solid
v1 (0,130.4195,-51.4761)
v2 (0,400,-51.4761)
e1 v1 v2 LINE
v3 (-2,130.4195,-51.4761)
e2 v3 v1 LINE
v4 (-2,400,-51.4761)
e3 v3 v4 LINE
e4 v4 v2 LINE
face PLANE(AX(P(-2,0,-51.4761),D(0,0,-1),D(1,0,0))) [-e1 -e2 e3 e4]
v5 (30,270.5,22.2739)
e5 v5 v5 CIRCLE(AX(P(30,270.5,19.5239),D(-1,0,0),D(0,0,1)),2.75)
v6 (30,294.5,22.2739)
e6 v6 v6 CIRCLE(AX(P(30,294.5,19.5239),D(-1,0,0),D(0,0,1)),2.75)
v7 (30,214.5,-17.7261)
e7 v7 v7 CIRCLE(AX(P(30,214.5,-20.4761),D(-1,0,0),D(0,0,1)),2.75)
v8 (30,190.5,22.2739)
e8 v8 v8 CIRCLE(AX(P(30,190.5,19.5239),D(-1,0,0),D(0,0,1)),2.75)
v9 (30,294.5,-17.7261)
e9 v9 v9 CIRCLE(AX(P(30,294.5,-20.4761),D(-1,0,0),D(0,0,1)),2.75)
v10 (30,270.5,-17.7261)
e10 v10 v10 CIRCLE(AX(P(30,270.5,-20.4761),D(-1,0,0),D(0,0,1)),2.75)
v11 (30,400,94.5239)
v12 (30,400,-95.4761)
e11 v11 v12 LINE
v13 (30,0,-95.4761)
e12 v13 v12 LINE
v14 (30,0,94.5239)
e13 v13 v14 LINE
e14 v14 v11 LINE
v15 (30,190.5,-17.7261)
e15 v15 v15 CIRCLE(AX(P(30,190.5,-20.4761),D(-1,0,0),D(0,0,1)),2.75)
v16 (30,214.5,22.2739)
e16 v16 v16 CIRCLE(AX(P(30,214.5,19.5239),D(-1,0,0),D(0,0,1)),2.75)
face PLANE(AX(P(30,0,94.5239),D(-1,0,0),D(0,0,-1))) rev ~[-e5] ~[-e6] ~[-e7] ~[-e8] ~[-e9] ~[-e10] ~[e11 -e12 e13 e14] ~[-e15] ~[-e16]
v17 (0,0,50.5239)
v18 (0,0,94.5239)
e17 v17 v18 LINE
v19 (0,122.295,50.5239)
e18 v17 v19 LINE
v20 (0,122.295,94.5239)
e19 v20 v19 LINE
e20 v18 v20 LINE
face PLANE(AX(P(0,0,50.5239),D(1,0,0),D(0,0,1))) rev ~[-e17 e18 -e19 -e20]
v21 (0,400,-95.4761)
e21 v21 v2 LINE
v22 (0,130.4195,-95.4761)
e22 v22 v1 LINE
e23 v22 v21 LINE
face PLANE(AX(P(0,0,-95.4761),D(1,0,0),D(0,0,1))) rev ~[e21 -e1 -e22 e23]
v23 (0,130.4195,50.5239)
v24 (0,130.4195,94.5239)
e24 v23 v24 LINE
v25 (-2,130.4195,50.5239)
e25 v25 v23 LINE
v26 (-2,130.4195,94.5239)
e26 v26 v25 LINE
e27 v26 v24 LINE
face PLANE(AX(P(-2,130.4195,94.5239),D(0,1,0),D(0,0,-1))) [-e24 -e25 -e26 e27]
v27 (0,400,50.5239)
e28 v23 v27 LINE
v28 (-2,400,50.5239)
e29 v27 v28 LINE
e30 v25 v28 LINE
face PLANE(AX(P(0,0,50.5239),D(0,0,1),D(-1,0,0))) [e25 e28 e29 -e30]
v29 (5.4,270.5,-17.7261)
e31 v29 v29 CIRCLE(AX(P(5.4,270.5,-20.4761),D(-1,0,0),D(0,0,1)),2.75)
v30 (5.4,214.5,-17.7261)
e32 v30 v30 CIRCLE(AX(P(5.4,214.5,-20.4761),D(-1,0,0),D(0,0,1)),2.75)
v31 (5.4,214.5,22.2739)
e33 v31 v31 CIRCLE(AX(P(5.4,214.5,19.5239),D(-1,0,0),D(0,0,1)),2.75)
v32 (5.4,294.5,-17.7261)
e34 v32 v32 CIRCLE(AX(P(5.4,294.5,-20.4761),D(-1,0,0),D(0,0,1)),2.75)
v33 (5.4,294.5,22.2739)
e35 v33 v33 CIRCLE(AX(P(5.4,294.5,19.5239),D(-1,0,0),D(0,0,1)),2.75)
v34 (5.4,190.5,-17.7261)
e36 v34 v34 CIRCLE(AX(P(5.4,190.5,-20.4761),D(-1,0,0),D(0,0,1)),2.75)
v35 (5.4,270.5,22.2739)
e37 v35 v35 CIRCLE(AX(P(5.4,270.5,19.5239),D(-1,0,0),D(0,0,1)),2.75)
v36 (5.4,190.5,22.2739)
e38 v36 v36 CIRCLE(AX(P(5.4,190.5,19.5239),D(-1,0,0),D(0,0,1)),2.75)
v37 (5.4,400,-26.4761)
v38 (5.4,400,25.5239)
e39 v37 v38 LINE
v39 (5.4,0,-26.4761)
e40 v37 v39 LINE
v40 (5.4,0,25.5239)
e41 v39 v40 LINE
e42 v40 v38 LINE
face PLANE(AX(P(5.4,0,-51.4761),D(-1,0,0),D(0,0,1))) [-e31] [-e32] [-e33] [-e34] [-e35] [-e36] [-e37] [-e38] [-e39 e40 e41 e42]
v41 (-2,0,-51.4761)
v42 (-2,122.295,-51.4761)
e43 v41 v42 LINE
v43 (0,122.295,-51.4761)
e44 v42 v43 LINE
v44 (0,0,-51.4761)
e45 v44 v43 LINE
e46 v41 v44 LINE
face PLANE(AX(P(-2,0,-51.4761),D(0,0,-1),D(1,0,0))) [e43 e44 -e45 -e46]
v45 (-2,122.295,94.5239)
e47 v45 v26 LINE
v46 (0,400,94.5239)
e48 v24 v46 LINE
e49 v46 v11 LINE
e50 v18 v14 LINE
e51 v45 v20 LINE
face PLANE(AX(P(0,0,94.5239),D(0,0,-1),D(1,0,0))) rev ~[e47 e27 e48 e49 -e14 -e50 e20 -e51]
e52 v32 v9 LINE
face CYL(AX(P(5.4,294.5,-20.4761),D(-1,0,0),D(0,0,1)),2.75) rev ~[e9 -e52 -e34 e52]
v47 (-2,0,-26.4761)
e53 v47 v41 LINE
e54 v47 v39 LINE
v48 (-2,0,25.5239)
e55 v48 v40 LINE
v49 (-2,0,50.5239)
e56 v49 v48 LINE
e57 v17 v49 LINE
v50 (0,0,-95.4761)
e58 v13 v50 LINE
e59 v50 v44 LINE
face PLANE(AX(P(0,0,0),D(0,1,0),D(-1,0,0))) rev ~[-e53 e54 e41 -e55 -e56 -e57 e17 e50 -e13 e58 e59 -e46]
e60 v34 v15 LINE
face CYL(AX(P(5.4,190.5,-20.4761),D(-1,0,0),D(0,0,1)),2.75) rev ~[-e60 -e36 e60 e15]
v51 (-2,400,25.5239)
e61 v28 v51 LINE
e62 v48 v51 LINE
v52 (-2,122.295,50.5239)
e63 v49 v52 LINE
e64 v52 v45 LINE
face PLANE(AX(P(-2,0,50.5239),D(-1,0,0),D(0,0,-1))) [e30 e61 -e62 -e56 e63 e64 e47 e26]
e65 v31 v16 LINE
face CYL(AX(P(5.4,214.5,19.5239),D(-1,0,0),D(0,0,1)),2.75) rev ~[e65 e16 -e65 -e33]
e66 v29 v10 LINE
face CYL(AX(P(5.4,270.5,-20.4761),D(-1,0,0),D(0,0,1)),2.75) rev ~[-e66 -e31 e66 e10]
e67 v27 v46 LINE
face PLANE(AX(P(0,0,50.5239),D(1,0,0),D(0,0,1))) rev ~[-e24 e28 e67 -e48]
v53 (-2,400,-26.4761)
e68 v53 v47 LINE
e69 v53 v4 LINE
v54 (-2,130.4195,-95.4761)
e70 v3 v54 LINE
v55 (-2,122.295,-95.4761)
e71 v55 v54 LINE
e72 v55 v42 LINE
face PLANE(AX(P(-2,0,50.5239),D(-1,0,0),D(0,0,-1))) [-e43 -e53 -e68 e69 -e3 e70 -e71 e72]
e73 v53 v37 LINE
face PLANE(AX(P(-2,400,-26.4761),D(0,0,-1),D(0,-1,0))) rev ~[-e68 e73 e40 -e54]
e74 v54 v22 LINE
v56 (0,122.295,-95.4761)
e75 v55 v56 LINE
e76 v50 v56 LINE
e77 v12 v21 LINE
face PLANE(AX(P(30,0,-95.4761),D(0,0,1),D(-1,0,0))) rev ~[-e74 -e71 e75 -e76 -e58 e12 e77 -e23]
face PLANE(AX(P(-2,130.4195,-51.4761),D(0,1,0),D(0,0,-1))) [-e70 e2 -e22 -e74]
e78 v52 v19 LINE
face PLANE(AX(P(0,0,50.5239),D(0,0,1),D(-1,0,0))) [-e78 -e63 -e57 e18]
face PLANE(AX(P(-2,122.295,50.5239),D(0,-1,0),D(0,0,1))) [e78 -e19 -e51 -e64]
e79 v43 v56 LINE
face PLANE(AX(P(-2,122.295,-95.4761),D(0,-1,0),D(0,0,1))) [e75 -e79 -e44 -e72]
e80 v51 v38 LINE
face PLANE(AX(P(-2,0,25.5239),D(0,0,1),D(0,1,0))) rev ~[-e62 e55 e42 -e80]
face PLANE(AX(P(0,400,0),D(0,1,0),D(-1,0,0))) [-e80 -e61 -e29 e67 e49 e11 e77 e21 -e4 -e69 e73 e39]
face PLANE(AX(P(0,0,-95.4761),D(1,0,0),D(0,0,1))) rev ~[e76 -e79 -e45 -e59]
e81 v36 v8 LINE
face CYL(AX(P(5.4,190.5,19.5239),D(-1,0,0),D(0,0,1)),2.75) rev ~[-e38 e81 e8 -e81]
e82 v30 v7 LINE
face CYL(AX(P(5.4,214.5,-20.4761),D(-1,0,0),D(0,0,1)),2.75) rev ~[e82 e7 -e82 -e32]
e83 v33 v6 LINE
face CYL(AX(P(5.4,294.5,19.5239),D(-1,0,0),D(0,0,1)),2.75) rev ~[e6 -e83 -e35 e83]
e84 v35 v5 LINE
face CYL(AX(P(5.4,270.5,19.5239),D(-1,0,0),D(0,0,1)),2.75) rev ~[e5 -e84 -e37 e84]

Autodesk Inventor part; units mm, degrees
ref_plane "YZ Plane" through (0, 0, 0) normal (1, 0, 0) x (0, 1, 0)
ref_plane "XZ Plane" through (0, 0, 0) normal (0, 1, 0) x (-1, 0, 0)
ref_plane "XY Plane" through (0, 0, 0) normal (0, 0, 1) x (1, 0, 0)
sketch "Эскиз1" plane through (0, 0, 0) normal (0, 1, 0) x (-1, 0, 0)
  line L0 (0, 94.5239) -> (-30, 94.5239)
  line L1 (-30, 94.5239) -> (-30, -95.4761)
  line L2 (-30, -95.4761) -> (0, -95.4761)
  line L3 (0, -95.4761) -> (0, 94.5239)
  line L4 (-30, 50.5239) -> (2, 50.5239)
  line L5 (2, 50.5239) -> (2, -51.4761)
  line L6 (2, -51.4761) -> (-30, -51.4761)
  line L7 (-30, -51.4761) -> (-30, 50.5239)
  point P0 (0, 0)
  point P1 (0, -51.4761)
  point P2 (0, 50.5239)
  dimension "d0" = 190
  dimension "d2" = 30
  dimension "d3" = 32
  dimension "d4" = 44
  dimension "d13" = 44
extrude "Выдавливание1" add sketch "Эскиз1" along normal blind 400
sketch "Эскиз2" plane through (-2, 0, -51.4761) normal (-1, 0, 0) x (0, 0, 1)
  line L0 (25, -29) -> (77, -29)
  line L1 (77, -29) -> (77, 456)
  line L2 (77, 456) -> (25, 456)
  line L3 (25, 456) -> (25, -29)
  line L4 (0, 0) -> (102, 0) projected
  line L5 (102, 0) -> (102, 400) projected
  line L6 (0, 400) -> (102, 400) projected
  line L7 (0, 0) -> (0, 400) projected
  point P0 (51.4761, 0)
  point P1 (77, 400)
  point P2 (25, 400)
  point P3 (25, 0)
  point P4 (77, 0)
  dimension "d8" = 25
  dimension "d9" = 25
  dimension "d10" = 52
extrude "Выдавливание2" cut sketch "Эскиз2" against normal blind 7.4 contours L3 L6 L1 L4
sketch "Эскиз3" plane through (-2, 0, 50.5239) normal (-1, 0, 0) x (0, 0, 1)
  line L0 (44, 0) -> (44, 400) projected
  line L1 (-146, 0) -> (-146, 400) projected
  line L2 (44, 130.4195) -> (-146, 130.4195)
  line L3 (-146, 130.4195) -> (-146, 122.295)
  line L4 (-146, 122.295) -> (44, 122.295)
  line L5 (44, 122.295) -> (44, 130.4195)
  line L6 (-25, 400) -> (-25, 0) projected
  line L7 (-25, 0) -> (0, 0) projected
  line L8 (0, 0) -> (0, 400) projected
  line L9 (-25, 400) -> (0, 400) projected
  line L10 (-77, 0) -> (-77, 400) projected
  line L11 (-102, 400) -> (-77, 400) projected
  line L12 (-102, 0) -> (-102, 400) projected
  line L13 (-102, 0) -> (-77, 0) projected
  point P0 (-50.5239, 0)
  point P1 (0, 130.4195)
  point P2 (0, 122.295)
  point P3 (-102, 122.295)
  point P4 (-102, 130.4195)
extrude "Выдавливание3" add sketch "Эскиз3" against normal blind 10 contours L4 L8 L2 L0 | L4 L1 L2 L12
sketch "Эскиз4" plane through (5.4, 0, -51.4761) normal (-1, 0, 0) x (0, 0, 1)
  line L0 (76.5, 183) -> (25.5, 183)
  line L1 (76.5, 222) -> (76.5, 183)
  line L2 (25.5, 222) -> (76.5, 222)
  line L3 (25.5, 183) -> (25.5, 222)
  circle A0 centre (71, 190.5) radius 2.75
  circle A1 centre (31, 190.5) radius 2.75
  circle A2 centre (31, 214.5) radius 2.75
  circle A3 centre (71, 214.5) radius 2.75
  line L4 (76, 263) -> (77, 263)
  line L5 (76.5, 263) -> (76.5, 222)
  line L6 (76.5, 263) -> (25.5, 263)
  line L7 (76.5, 302) -> (76.5, 263)
  line L8 (25.5, 302) -> (76.5, 302)
  line L9 (25.5, 263) -> (25.5, 302)
  circle A4 centre (71, 270.5) radius 2.75
  circle A5 centre (31, 270.5) radius 2.75
  circle A6 centre (31, 294.5) radius 2.75
  circle A7 centre (71, 294.5) radius 2.75
  point P0 (51.4761, 0)
  point P1 (51, 182.5)
  point P2 (51, 262.5)
extrude "Выдавливание4" cut sketch "Эскиз4" against normal blind 33 contours A0 | A1 | A2 | A3 | A4 | A5 | A6 | A7
properties part number "Zplita"
